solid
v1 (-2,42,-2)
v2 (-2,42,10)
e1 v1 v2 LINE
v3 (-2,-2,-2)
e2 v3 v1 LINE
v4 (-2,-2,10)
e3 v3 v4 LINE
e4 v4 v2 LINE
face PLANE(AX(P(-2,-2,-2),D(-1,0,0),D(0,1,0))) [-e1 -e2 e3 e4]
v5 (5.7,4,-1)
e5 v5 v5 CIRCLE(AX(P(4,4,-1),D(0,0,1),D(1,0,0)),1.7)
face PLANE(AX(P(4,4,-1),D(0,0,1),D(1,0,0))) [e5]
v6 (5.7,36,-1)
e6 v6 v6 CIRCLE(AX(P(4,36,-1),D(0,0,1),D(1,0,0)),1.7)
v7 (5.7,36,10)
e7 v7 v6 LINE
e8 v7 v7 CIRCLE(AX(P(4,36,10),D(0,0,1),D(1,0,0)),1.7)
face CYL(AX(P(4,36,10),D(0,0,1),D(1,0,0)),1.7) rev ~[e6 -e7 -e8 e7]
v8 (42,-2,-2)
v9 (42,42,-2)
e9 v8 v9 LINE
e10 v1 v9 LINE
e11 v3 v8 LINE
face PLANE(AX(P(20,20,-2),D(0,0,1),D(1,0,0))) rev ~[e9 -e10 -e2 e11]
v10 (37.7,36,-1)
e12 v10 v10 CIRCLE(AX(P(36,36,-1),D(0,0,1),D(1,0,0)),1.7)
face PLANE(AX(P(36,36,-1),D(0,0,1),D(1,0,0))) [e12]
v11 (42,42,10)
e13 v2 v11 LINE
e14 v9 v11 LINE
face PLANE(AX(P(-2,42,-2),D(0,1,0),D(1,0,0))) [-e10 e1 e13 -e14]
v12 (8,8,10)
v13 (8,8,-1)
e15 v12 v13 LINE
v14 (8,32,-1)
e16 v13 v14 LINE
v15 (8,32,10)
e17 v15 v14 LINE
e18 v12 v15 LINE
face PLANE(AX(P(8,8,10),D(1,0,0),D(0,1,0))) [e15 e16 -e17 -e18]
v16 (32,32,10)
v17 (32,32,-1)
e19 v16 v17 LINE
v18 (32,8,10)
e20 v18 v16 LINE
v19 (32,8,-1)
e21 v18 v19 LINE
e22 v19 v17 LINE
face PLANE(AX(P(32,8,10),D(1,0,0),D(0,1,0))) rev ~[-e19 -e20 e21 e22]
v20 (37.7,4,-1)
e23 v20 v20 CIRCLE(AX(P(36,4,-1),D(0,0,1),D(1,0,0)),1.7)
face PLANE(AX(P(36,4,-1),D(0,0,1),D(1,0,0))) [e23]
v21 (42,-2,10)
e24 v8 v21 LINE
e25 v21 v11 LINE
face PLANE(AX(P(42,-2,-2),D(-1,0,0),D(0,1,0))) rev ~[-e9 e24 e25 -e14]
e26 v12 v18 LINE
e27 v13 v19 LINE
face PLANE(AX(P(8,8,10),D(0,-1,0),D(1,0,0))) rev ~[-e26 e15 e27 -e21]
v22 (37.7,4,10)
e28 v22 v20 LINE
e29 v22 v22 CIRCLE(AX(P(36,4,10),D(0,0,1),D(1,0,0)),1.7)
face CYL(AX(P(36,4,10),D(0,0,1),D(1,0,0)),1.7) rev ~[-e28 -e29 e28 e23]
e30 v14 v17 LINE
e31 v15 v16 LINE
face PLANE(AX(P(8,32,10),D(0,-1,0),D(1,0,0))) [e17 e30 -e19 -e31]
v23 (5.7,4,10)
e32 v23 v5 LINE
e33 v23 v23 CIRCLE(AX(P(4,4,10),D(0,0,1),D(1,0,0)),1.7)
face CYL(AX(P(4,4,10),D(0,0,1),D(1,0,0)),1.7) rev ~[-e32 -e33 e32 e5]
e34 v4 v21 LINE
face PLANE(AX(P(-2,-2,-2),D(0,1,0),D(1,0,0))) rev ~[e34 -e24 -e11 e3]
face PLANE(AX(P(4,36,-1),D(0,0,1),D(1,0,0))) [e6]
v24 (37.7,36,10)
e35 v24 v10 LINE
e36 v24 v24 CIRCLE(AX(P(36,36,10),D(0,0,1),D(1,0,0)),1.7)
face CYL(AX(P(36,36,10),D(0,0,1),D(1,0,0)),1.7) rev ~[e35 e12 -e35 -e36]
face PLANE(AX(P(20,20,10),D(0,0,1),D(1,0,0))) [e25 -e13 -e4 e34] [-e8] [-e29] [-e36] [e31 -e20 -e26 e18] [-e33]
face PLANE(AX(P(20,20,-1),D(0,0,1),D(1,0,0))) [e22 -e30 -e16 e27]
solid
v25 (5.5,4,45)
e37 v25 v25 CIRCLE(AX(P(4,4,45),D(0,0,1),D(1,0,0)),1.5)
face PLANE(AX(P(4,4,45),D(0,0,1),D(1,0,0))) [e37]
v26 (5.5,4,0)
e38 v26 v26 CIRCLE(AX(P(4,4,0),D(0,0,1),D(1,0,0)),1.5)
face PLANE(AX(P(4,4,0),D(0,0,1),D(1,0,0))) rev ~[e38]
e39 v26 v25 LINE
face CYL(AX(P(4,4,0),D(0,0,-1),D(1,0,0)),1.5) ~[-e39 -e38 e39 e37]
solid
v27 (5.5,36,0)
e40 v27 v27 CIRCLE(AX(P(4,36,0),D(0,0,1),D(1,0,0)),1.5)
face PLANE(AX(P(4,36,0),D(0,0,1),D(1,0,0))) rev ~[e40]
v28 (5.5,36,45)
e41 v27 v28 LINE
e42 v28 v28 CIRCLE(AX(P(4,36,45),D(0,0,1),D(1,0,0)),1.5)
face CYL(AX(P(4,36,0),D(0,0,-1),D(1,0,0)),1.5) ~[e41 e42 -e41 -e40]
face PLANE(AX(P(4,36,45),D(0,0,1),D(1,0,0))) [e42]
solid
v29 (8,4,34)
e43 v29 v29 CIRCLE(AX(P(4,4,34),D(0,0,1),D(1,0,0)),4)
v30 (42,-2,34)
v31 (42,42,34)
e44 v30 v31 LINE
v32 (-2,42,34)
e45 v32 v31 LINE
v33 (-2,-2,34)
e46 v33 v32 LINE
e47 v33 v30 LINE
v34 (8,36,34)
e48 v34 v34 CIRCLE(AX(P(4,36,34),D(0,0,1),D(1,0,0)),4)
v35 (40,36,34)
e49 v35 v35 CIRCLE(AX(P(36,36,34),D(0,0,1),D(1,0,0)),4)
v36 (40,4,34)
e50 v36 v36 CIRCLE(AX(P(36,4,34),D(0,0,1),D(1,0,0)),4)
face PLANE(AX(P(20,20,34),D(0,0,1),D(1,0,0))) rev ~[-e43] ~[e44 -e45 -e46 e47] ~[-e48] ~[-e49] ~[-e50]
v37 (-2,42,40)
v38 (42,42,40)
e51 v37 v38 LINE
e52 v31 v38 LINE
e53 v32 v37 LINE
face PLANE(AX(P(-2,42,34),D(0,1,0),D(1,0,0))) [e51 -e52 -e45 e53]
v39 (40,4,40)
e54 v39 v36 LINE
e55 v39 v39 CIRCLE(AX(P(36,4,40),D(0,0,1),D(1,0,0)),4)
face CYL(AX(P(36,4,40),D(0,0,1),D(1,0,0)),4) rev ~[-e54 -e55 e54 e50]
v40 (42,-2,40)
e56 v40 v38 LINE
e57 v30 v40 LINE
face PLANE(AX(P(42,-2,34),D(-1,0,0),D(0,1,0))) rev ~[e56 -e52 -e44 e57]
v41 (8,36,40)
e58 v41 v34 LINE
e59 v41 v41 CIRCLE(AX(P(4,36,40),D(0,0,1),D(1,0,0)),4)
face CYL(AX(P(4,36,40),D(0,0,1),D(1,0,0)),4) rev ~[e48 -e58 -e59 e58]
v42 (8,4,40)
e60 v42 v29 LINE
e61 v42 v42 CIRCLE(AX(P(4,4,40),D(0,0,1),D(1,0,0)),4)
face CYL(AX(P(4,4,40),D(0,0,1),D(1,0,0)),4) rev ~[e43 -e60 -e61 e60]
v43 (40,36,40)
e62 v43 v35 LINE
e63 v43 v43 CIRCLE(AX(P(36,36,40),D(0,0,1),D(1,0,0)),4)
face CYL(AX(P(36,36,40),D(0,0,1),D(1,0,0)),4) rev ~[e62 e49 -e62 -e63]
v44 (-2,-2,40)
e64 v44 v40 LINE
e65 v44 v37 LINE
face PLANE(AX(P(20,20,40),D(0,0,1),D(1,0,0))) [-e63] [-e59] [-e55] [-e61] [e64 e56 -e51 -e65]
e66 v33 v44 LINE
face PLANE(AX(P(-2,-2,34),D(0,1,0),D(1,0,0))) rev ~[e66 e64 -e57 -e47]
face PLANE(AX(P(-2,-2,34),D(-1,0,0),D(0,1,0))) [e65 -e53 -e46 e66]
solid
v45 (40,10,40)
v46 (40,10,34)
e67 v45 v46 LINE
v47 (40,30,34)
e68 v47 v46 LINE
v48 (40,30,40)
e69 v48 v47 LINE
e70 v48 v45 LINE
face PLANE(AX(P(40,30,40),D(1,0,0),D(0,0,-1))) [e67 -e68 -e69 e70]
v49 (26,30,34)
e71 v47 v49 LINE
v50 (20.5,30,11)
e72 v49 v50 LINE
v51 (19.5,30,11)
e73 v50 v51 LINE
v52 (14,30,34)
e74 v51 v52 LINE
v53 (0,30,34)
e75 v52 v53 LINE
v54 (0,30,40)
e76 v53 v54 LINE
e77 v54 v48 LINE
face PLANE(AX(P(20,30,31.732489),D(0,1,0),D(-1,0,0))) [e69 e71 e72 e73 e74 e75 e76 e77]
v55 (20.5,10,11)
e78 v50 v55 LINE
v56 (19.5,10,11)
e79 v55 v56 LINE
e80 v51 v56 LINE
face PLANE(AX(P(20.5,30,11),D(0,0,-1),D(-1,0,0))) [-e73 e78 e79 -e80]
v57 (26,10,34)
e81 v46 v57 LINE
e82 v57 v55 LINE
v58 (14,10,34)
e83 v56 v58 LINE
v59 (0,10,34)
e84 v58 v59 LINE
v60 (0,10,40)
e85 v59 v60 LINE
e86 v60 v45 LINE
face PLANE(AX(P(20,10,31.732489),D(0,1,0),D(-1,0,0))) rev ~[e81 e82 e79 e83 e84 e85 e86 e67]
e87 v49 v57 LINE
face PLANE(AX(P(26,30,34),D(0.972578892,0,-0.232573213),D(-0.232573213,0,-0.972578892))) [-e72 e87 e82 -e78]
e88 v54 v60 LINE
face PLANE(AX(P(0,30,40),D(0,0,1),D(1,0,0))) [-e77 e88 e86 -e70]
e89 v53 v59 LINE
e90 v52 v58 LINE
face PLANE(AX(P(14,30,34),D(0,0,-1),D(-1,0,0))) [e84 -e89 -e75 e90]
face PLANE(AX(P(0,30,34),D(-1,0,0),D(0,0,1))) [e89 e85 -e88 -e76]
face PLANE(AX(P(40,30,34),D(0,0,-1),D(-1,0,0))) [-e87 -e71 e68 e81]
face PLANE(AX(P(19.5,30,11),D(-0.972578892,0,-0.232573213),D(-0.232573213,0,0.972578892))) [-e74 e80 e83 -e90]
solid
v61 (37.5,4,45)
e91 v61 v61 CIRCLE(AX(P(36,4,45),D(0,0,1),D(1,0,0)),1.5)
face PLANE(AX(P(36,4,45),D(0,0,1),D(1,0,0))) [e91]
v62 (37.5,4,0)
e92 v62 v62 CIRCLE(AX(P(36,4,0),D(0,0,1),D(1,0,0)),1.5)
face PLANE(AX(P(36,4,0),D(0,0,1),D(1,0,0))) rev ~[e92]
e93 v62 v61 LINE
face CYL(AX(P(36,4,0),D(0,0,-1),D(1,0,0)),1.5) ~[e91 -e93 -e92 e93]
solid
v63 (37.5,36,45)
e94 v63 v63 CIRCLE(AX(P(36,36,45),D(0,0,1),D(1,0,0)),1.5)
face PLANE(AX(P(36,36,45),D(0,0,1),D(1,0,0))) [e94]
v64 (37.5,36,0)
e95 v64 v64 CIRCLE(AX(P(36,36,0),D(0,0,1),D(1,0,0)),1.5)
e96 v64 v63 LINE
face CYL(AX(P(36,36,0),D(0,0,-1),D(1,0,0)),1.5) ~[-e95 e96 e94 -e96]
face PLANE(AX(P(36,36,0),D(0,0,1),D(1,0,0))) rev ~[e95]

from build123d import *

# Parameters (mm, degrees)
BOX_W             = 44
BOX_H             = 44
BOX_DEPTH         = 12
SKETCH_R          = 1.7
SKETCH_W          = 24
SKETCH_H          = 24
POCKET_DEPTH      = 11
PAD_DEPTH         = 20
BOX001_W          = 44
BOX001_H          = 44
BOX001_DEPTH      = 6
SKETCH002_R       = 4
POCKET001_DEPTH   = 7
CYLINDER_R        = 1.5
CYLINDER_DEPTH    = 45
CYLINDER001_R     = 1.5
CYLINDER001_DEPTH = 45
CYLINDER002_R     = 1.5
CYLINDER002_DEPTH = 45
CYLINDER003_R     = 1.5
CYLINDER003_DEPTH = 45


with BuildPart() as pocket:
    # Box → Box (new body)
    with BuildSketch(Plane(origin=(-2, -2, -2), x_dir=(1, 0, 0), z_dir=(0, 0, 1))):
        with Locations((22, 22)):
            Rectangle(BOX_W, BOX_H)
    extrude(amount=BOX_DEPTH)

    # Sketch (on Face6 of Box) → Pocket (cut)
    with BuildSketch(Plane(origin=(-2, -2, 10), x_dir=(1, 0, 0), z_dir=(0, 0, 1))):
        with Locations((6, 38)):
            Circle(SKETCH_R)
        with Locations((38, 38)):
            Circle(SKETCH_R)
        with Locations((38, 6)):
            Circle(SKETCH_R)
        with Locations((6, 6)):
            Circle(SKETCH_R)
        with Locations((22, 22)):
            Rectangle(SKETCH_W, SKETCH_H)
    extrude(amount=-POCKET_DEPTH, mode=Mode.SUBTRACT)


with BuildPart() as pad:
    # Sketch001 → Pad (new body)
    with BuildSketch(Plane.XZ.offset(-30)):
        Polygon((0, 40), (40, 40), (40, 34), (26, 34), (20.5, 11), (19.5, 11), (14, 34), (0, 34), align=None)
    extrude(amount=PAD_DEPTH)


with BuildPart() as pocket001:
    # Box001 → Box001 (new body)
    with BuildSketch(Plane(origin=(-2, -2, 34), x_dir=(1, 0, 0), z_dir=(0, 0, 1))):
        with Locations((22, 22)):
            Rectangle(BOX001_W, BOX001_H)
    extrude(amount=BOX001_DEPTH)

    # Sketch002 (on Face6 of Box001) → Pocket001 (cut)
    with BuildSketch(Plane(origin=(-2, -2, 40), x_dir=(1, 0, 0), z_dir=(0, 0, 1))):
        with Locations((6, 38)):
            Circle(SKETCH002_R)
        with Locations((38, 38)):
            Circle(SKETCH002_R)
        with Locations((6, 6)):
            Circle(SKETCH002_R)
        with Locations((38, 6)):
            Circle(SKETCH002_R)
    extrude(amount=-POCKET001_DEPTH, mode=Mode.SUBTRACT)


with BuildPart() as cylinder:
    # Cylinder → Cylinder (new body)
    with BuildSketch(Plane(origin=(4, 4, 0), x_dir=(1, 0, 0), z_dir=(0, 0, 1))):
        Circle(CYLINDER_R)
    extrude(amount=CYLINDER_DEPTH)


with BuildPart() as cylinder001:
    # Cylinder001 → Cylinder001 (new body)
    with BuildSketch(Plane(origin=(4, 36, 0), x_dir=(1, 0, 0), z_dir=(0, 0, 1))):
        Circle(CYLINDER001_R)
    extrude(amount=CYLINDER001_DEPTH)


with BuildPart() as cylinder002:
    # Cylinder002 → Cylinder002 (new body)
    with BuildSketch(Plane(origin=(36, 36, 0), x_dir=(1, 0, 0), z_dir=(0, 0, 1))):
        Circle(CYLINDER002_R)
    extrude(amount=CYLINDER002_DEPTH)


with BuildPart() as cylinder003:
    # Cylinder003 → Cylinder003 (new body)
    with BuildSketch(Plane(origin=(36, 4, 0), x_dir=(1, 0, 0), z_dir=(0, 0, 1))):
        Circle(CYLINDER003_R)
    extrude(amount=CYLINDER003_DEPTH)


solid = Compound([pocket.part, pad.part, pocket001.part, cylinder.part, cylinder001.part, cylinder002.part, cylinder003.part])
